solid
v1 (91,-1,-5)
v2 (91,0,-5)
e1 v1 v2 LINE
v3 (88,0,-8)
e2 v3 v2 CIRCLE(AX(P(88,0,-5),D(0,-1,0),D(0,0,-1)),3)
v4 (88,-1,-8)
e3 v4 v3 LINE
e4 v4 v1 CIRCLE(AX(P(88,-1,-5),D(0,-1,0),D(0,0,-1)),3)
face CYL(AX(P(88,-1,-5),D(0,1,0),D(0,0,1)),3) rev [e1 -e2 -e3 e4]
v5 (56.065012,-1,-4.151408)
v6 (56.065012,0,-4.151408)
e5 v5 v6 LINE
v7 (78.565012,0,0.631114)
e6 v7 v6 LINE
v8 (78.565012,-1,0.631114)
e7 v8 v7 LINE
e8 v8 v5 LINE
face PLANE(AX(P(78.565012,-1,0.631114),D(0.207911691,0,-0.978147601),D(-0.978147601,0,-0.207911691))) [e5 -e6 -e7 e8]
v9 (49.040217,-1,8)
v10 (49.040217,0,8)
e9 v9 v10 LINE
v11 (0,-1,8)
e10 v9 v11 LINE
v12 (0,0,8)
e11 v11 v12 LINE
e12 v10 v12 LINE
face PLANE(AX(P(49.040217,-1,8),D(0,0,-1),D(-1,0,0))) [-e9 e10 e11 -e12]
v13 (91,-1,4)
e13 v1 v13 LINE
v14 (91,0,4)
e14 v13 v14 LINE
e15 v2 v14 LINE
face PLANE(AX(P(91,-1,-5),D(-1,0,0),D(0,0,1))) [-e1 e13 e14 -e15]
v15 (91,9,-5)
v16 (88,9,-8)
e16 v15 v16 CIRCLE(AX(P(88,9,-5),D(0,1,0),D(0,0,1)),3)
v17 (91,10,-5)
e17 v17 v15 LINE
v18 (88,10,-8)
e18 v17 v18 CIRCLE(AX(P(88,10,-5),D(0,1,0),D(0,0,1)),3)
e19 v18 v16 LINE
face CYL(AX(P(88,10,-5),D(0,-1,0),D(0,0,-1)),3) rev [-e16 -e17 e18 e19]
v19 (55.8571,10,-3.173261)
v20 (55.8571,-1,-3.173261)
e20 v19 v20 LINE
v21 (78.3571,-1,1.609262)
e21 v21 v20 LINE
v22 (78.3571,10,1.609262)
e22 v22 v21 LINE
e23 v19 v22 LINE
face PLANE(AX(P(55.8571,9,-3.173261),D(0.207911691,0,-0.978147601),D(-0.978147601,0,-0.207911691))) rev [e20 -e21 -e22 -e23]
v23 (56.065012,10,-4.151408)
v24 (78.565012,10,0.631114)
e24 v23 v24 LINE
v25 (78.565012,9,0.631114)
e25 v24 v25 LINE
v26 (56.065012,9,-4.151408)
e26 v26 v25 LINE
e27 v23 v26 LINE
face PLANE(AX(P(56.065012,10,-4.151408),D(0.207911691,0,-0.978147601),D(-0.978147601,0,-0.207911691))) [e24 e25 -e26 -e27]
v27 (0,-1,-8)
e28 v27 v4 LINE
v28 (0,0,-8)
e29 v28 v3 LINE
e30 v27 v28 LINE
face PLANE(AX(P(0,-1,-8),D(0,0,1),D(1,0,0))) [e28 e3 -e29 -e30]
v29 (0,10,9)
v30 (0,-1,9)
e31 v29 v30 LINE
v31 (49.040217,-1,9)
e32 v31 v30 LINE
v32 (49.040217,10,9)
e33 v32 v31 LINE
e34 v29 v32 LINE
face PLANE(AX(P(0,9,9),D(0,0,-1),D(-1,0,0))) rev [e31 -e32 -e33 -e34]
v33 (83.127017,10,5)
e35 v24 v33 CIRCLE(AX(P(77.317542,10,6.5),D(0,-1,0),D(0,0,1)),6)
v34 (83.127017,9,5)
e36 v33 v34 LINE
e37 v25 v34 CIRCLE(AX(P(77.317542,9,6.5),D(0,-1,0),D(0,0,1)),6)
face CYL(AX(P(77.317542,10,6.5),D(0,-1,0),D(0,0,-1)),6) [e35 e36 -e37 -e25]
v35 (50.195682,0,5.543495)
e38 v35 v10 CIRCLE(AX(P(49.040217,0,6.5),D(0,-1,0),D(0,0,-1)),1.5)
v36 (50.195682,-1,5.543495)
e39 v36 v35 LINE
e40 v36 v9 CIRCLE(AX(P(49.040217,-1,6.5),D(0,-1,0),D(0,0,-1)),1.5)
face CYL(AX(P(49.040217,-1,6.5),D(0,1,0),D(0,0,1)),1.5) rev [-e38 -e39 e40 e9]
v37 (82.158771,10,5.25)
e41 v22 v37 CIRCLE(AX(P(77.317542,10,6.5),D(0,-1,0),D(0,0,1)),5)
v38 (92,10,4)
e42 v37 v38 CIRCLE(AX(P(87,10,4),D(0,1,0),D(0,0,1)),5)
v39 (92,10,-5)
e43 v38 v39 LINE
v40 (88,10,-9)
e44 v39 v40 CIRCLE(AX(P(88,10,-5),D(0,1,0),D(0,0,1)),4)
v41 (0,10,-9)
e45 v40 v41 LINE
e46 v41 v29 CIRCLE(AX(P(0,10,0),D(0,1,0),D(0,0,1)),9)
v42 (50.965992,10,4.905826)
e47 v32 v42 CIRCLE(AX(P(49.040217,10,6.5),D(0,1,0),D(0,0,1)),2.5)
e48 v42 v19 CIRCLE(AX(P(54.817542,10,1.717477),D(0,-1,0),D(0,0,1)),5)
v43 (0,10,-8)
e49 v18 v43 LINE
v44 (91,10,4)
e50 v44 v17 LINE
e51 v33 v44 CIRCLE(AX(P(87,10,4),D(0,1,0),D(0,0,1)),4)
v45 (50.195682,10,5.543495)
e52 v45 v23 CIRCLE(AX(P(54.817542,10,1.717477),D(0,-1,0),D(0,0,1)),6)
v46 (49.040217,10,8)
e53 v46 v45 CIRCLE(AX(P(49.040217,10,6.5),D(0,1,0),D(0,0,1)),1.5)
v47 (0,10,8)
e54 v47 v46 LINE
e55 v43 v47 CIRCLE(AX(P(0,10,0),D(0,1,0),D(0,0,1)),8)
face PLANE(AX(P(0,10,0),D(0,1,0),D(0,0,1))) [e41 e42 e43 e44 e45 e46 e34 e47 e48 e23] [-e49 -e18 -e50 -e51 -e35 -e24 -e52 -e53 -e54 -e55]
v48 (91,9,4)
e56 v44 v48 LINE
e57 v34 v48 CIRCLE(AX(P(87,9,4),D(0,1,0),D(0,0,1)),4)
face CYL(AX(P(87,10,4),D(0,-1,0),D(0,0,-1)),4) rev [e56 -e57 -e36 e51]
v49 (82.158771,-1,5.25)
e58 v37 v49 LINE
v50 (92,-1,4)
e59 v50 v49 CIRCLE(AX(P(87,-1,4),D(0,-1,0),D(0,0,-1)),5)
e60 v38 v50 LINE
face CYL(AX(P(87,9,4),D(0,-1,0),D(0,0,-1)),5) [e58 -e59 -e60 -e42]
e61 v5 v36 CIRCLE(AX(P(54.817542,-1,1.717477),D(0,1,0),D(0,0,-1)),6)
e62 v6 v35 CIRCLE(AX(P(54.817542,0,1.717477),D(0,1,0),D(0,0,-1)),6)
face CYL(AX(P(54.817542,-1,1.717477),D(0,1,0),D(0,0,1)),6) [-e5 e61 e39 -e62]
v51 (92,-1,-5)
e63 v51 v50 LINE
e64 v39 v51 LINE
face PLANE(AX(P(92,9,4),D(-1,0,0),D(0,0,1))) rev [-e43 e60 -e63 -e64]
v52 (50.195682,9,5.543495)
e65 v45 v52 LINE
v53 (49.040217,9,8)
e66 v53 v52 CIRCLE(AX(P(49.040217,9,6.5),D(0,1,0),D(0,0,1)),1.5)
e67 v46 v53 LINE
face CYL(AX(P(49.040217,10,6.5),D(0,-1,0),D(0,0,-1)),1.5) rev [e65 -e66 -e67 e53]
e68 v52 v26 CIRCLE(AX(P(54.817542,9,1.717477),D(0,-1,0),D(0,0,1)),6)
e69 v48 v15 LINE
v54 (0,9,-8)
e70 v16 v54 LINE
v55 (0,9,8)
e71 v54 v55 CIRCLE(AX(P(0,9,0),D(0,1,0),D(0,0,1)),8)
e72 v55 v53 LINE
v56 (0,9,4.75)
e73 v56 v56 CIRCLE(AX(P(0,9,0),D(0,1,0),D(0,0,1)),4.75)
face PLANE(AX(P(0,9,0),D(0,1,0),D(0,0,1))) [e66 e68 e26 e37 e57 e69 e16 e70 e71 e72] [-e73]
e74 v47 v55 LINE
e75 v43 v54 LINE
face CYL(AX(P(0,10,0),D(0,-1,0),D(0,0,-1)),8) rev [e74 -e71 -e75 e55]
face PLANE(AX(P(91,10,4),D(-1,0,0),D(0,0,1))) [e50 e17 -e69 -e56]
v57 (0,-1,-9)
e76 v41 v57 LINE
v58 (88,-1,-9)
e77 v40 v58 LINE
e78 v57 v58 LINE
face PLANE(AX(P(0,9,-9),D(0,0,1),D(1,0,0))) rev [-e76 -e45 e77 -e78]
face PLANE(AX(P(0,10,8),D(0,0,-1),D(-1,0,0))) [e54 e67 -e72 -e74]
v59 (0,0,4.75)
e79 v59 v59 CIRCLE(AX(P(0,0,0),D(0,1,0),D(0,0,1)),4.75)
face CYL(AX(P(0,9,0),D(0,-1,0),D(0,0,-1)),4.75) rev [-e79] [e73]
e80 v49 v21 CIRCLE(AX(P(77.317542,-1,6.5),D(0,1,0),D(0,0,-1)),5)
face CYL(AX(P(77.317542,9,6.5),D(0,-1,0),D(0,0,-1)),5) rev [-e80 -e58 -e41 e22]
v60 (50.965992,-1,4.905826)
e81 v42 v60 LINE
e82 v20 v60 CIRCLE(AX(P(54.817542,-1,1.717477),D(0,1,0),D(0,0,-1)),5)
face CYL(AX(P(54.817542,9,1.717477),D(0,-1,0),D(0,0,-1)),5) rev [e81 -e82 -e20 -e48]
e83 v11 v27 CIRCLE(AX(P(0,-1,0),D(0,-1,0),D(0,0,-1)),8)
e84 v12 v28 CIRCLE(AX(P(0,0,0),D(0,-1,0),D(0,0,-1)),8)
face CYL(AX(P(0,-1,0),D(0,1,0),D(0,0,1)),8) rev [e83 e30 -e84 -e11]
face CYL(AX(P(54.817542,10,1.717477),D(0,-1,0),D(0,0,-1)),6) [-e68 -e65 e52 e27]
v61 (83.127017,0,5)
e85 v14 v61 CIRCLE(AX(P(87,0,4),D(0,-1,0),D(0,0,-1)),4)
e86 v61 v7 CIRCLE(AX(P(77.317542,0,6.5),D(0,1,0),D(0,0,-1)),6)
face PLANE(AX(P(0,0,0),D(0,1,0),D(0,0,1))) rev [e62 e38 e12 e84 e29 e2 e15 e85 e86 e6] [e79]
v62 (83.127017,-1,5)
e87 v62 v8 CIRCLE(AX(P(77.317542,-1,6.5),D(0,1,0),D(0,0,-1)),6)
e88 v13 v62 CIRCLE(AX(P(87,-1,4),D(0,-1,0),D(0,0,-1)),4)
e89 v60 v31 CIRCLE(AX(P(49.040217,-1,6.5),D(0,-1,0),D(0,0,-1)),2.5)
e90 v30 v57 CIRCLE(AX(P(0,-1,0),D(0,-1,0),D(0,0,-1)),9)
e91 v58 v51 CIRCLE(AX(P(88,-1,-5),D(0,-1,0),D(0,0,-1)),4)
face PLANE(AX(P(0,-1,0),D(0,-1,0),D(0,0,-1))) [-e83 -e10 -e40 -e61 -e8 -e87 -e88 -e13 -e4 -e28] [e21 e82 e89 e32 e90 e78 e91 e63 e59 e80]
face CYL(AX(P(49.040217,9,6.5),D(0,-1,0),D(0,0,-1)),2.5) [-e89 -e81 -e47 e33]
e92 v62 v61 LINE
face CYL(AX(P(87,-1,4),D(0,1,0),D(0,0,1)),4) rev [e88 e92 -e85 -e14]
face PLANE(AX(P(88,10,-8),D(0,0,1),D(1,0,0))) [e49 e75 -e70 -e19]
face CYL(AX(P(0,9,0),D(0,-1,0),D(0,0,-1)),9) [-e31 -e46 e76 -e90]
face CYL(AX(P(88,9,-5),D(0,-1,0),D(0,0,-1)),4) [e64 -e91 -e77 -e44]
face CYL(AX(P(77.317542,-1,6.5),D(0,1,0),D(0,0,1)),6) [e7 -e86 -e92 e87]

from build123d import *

# Parameters (mm, degrees)
SKETCH1_R           = 4.75
BOSS_EXTRUDE1_DEPTH = 9
BOSS_EXTRUDE2_DEPTH = 1
BOSS_EXTRUDE3_DEPTH = 1


with BuildPart() as part:
    # Sketch1 → Boss-Extrude1 (new body)
    with BuildSketch(Plane(origin=(0, 0, 0), x_dir=(1, 0, 0), z_dir=(0, 1, 0))):
        with BuildLine():
            Line((55.857100089, 3.173260641), (78.357100089, -1.609261996))
            ThreePointArc((78.357100089, -1.609261996), (80.775815642, -2.888858783), (82.158770817, -5.25))
            ThreePointArc((82.158770817, -5.25), (87.630021462, -8.960148481), (92, -4))
            Line((92, -4), (92, 5))
            ThreePointArc((92, 5), (90.828427125, 7.828427125), (88, 9))
            Line((88, 9), (0, 9))
            ThreePointArc((0, 9), (-9, 0), (0, -9))
            Line((0, -9), (49.040217235, -9))
            ThreePointArc((49.040217235, -9), (51.302454571, -7.564087513), (50.965992035, -4.905825787))
            ThreePointArc((50.965992035, -4.905825787), (50.540307373, 0.871975682), (55.857100089, 3.173260641))
        make_face()
        Circle(SKETCH1_R, mode=Mode.SUBTRACT)
    extrude(amount=BOSS_EXTRUDE1_DEPTH)

    # Sketch2 → Boss-Extrude2 (add)
    with BuildSketch(Plane(origin=(0, 9, 0), x_dir=(1, 0, 0), z_dir=(0, 1, 0))):
        with BuildLine():
            Line((0, -9), (49.040217235, -9))
            ThreePointArc((49.040217235, -9), (51.302454571, -7.564087513), (50.965992035, -4.905825787))
            ThreePointArc((50.965992035, -4.905825787), (50.540307373, 0.871975682), (55.857100089, 3.173260641))
            Line((55.857100089, 3.173260641), (78.357100089, -1.609261996))
            ThreePointArc((78.357100089, -1.609261996), (80.775815642, -2.888858783), (82.158770817, -5.25))
            ThreePointArc((82.158770817, -5.25), (87.630021462, -8.960148481), (92, -4))
            Line((92, -4), (92, 5))
            ThreePointArc((92, 5), (90.828427125, 7.828427125), (88, 9))
            Line((88, 9), (0, 9))
            ThreePointArc((0, 9), (-9, 0), (0, -9))
        make_face()
        with BuildLine():
            Line((88, 8), (0, 8))
            ThreePointArc((0, 8), (-8, 0), (0, -8))
            Line((0, -8), (49.040217235, -8))
            ThreePointArc((49.040217235, -8), (50.397559636, -7.138452508), (50.195682115, -5.543495472))
            ThreePointArc((50.195682115, -5.543495472), (49.68486052, 1.389866291), (56.065011779, 4.151408242))
            Line((56.065011779, 4.151408242), (78.565011779, -0.631114396))
            ThreePointArc((78.565011779, -0.631114396), (81.467470443, -2.166630539), (83.127016654, -5))
            ThreePointArc((83.127016654, -5), (87.50401717, -7.968118785), (91, -4))
            Line((91, -4), (91, 5))
            ThreePointArc((91, 5), (90.121320344, 7.121320344), (88, 8))
        make_face(mode=Mode.SUBTRACT)
    extrude(amount=BOSS_EXTRUDE2_DEPTH)

    # Sketch3 → Boss-Extrude3 (add)
    with BuildSketch(Plane.XZ):
        with BuildLine():
            Line((0, -9), (88, -9))
            ThreePointArc((88, -9), (90.828427125, -7.828427125), (92, -5))
            Line((92, -5), (92, 4))
            ThreePointArc((92, 4), (87.630021462, 8.960148481), (82.158770817, 5.25))
            ThreePointArc((82.158770817, 5.25), (80.775815642, 2.888858783), (78.357100089, 1.609261996))
            Line((78.357100089, 1.609261996), (55.857100089, -3.173260641))
            ThreePointArc((55.857100089, -3.173260641), (50.540307373, -0.871975682), (50.965992035, 4.905825787))
            ThreePointArc((50.965992035, 4.905825787), (51.302454571, 7.564087513), (49.040217235, 9))
            Line((49.040217235, 9), (0, 9))
            ThreePointArc((0, 9), (-9, 0), (0, -9))
        make_face()
        with BuildLine():
            Line((49.040217235, 8), (0, 8))
            ThreePointArc((0, 8), (-8, 0), (0, -8))
            Line((0, -8), (88, -8))
            ThreePointArc((88, -8), (90.121320344, -7.121320344), (91, -5))
            Line((91, -5), (91, 4))
            ThreePointArc((91, 4), (87.50401717, 7.968118785), (83.127016654, 5))
            ThreePointArc((83.127016654, 5), (81.467470443, 2.166630539), (78.565011779, 0.631114396))
            Line((78.565011779, 0.631114396), (56.065011779, -4.151408242))
            ThreePointArc((56.065011779, -4.151408242), (49.68486052, -1.389866291), (50.195682115, 5.543495472))
            ThreePointArc((50.195682115, 5.543495472), (50.397559636, 7.138452508), (49.040217235, 8))
        make_face(mode=Mode.SUBTRACT)
    extrude(amount=BOSS_EXTRUDE3_DEPTH)


solid = part.part
